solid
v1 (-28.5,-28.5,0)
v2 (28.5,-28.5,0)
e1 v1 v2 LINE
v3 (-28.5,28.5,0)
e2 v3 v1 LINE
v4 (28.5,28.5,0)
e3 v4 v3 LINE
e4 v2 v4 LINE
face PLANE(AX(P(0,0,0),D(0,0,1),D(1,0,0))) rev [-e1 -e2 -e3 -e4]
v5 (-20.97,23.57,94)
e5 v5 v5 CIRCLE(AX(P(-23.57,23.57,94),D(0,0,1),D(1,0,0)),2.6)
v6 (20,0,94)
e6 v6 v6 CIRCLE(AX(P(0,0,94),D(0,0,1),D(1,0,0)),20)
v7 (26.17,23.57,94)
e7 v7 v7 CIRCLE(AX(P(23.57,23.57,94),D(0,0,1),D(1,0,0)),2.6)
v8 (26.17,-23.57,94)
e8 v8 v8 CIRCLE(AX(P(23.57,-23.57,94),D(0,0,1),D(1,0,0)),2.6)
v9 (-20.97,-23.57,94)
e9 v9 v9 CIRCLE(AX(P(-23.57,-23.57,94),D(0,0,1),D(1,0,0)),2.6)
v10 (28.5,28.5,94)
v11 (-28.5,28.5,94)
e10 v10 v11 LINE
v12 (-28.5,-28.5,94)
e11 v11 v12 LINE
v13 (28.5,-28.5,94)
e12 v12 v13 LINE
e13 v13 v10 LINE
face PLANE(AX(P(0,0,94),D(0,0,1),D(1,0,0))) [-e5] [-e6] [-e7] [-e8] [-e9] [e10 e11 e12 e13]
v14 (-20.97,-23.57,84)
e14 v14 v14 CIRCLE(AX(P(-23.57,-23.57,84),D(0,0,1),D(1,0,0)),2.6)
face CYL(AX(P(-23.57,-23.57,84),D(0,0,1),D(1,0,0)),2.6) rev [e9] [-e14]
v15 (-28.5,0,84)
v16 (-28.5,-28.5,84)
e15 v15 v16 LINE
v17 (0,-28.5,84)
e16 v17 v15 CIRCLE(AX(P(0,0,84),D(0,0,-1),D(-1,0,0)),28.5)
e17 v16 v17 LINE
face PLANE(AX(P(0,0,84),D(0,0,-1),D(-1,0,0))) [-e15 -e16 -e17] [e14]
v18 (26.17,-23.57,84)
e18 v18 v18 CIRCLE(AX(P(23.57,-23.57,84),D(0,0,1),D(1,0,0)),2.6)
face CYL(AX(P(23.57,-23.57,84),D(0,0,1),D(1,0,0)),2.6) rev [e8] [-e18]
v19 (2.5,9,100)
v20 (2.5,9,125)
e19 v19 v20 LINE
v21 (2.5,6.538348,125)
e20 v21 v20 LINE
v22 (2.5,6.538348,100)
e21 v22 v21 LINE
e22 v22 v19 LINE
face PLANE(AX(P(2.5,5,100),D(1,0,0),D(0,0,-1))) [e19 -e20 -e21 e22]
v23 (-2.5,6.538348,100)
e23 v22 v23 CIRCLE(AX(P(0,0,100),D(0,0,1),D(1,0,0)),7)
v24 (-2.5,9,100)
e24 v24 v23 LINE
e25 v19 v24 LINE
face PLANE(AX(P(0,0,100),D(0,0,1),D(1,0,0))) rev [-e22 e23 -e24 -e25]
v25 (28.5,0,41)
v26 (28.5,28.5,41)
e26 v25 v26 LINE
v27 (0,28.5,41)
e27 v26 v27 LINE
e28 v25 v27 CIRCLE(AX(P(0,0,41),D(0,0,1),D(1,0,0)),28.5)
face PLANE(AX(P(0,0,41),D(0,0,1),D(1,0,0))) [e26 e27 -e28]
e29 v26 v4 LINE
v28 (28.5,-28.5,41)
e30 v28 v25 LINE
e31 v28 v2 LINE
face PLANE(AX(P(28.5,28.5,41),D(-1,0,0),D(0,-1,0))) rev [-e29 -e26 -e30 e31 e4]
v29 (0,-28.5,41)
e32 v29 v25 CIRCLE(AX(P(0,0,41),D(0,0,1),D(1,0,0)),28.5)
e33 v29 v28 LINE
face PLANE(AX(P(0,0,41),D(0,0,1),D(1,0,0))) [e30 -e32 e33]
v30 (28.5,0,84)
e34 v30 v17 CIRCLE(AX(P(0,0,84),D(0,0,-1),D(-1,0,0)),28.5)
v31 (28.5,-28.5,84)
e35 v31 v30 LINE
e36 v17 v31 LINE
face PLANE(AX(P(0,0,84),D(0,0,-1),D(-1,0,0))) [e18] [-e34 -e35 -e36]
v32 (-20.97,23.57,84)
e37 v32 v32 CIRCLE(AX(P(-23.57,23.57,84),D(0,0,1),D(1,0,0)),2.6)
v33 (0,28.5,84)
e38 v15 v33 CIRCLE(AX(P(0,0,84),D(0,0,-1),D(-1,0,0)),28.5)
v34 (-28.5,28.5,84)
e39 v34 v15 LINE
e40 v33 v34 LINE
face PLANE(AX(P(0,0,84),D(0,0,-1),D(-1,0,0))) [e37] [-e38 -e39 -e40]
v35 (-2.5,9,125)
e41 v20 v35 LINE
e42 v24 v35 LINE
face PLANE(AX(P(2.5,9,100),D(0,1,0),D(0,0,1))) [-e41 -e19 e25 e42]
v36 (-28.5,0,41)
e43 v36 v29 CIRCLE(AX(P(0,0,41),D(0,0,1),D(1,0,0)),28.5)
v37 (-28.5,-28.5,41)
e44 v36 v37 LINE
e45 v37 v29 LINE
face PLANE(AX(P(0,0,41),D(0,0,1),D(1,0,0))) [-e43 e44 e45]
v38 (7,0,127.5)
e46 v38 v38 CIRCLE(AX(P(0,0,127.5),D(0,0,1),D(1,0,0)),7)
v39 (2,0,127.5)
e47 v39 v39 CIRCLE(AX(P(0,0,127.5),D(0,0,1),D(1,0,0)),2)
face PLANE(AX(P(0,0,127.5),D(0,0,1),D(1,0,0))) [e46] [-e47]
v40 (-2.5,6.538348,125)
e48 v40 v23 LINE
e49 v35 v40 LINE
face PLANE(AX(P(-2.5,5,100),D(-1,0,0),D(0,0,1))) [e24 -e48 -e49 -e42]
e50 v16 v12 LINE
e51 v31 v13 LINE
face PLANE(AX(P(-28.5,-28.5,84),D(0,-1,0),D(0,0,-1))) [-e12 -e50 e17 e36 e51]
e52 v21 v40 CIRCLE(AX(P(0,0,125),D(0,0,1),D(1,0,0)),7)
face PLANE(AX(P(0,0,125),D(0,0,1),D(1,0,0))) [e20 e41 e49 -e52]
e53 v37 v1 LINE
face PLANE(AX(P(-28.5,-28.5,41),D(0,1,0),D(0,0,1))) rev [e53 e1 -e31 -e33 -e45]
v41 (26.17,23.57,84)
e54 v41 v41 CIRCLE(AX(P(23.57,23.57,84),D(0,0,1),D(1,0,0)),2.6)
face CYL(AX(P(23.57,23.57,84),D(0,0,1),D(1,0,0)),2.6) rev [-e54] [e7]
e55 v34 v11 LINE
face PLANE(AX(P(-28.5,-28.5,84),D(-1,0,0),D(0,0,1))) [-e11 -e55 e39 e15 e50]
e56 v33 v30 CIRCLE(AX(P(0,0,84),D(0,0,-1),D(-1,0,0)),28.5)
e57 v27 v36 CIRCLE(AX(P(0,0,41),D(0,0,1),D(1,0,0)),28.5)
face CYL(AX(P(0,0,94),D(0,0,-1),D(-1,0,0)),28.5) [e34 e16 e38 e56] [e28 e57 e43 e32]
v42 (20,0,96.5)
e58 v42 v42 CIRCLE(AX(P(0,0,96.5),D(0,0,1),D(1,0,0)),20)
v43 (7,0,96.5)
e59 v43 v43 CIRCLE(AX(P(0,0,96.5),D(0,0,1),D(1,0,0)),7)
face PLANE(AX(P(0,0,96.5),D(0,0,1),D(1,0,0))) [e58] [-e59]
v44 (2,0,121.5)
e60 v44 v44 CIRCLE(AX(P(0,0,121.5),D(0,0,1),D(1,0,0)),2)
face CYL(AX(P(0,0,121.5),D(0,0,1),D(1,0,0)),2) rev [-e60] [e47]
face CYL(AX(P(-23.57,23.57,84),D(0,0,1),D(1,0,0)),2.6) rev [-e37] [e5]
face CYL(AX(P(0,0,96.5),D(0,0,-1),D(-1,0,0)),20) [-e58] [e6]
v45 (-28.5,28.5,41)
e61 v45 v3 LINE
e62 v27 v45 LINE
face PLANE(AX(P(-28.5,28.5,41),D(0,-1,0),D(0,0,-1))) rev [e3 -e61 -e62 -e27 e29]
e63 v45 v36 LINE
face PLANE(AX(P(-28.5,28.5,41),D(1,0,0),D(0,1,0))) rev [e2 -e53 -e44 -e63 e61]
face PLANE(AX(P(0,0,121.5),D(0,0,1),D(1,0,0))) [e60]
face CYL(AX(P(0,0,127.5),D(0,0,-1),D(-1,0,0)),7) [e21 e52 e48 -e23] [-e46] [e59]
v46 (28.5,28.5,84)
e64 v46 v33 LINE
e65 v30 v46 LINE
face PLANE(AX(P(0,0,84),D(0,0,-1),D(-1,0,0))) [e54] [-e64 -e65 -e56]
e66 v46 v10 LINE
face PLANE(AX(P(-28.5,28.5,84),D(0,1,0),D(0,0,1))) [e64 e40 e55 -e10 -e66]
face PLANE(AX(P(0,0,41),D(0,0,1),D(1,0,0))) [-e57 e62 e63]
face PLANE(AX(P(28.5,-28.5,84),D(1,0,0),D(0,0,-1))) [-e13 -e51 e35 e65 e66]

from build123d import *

# Parameters (mm, degrees)
SKETCH_1_W          = 57
SKETCH_1_H          = 57
EXTRUDE_1_DEPTH     = 41
SKETCH_2_R          = 28.5
EXTRUDE_2_DEPTH     = 53
SKETCH_3_R          = 20
EXTRUDE_3_DEPTH     = 2.5
SKETCH_4_R          = 7
EXTRUDE_4_DEPTH     = 31
SKETCH_7_W          = 57
SKETCH_7_H          = 57
SKETCH_7_R          = 2.6
EXTRUDE_5_DEPTH     = 10
SKETCH_8_W          = 5
SKETCH_8_H          = 4
EXTRUDE_6_DEPTH     = 25
SKETCH_9_R          = 2
CUT_EXTRUDE_1_DEPTH = 6


with BuildPart() as part:
    # 草图1 → 凸台-拉伸1 (new body)
    with BuildSketch(Plane.XY):
        Rectangle(SKETCH_1_W, SKETCH_1_H)
    extrude(amount=EXTRUDE_1_DEPTH)

    # 草图2 → 凸台-拉伸2 (add)
    with BuildSketch(Plane.XY.offset(41)):
        Circle(SKETCH_2_R)
    extrude(amount=EXTRUDE_2_DEPTH)

    # 草图3 → 凸台-拉伸3 (add)
    with BuildSketch(Plane.XY.offset(94)):
        Circle(SKETCH_3_R)
    extrude(amount=EXTRUDE_3_DEPTH)

    # 草图4 → 凸台-拉伸4 (add)
    with BuildSketch(Plane.XY.offset(96.5)):
        Circle(SKETCH_4_R)
    extrude(amount=EXTRUDE_4_DEPTH)

    # 草图7 → 凸台-拉伸5 (add)
    with BuildSketch(Plane.XY.offset(94)):
        Rectangle(SKETCH_7_W, SKETCH_7_H)
        with Locations((-23.57, 23.57)):
            Circle(SKETCH_7_R, mode=Mode.SUBTRACT)
        with Locations((23.57, 23.57)):
            Circle(SKETCH_7_R, mode=Mode.SUBTRACT)
        with Locations((23.57, -23.57)):
            Circle(SKETCH_7_R, mode=Mode.SUBTRACT)
        with Locations((-23.57, -23.57)):
            Circle(SKETCH_7_R, mode=Mode.SUBTRACT)
    extrude(amount=-EXTRUDE_5_DEPTH)

    # 草图8 → 凸台-拉伸6 (add)
    with BuildSketch(Plane.XY.offset(125)):
        with Locations((0, 7)):
            Rectangle(SKETCH_8_W, SKETCH_8_H)
    extrude(amount=-EXTRUDE_6_DEPTH)

    # 草图9 → 切除-拉伸1 (cut)
    with BuildSketch(Plane.XY.offset(127.5)):
        Circle(SKETCH_9_R)
    extrude(amount=-CUT_EXTRUDE_1_DEPTH, mode=Mode.SUBTRACT)


solid = part.part
